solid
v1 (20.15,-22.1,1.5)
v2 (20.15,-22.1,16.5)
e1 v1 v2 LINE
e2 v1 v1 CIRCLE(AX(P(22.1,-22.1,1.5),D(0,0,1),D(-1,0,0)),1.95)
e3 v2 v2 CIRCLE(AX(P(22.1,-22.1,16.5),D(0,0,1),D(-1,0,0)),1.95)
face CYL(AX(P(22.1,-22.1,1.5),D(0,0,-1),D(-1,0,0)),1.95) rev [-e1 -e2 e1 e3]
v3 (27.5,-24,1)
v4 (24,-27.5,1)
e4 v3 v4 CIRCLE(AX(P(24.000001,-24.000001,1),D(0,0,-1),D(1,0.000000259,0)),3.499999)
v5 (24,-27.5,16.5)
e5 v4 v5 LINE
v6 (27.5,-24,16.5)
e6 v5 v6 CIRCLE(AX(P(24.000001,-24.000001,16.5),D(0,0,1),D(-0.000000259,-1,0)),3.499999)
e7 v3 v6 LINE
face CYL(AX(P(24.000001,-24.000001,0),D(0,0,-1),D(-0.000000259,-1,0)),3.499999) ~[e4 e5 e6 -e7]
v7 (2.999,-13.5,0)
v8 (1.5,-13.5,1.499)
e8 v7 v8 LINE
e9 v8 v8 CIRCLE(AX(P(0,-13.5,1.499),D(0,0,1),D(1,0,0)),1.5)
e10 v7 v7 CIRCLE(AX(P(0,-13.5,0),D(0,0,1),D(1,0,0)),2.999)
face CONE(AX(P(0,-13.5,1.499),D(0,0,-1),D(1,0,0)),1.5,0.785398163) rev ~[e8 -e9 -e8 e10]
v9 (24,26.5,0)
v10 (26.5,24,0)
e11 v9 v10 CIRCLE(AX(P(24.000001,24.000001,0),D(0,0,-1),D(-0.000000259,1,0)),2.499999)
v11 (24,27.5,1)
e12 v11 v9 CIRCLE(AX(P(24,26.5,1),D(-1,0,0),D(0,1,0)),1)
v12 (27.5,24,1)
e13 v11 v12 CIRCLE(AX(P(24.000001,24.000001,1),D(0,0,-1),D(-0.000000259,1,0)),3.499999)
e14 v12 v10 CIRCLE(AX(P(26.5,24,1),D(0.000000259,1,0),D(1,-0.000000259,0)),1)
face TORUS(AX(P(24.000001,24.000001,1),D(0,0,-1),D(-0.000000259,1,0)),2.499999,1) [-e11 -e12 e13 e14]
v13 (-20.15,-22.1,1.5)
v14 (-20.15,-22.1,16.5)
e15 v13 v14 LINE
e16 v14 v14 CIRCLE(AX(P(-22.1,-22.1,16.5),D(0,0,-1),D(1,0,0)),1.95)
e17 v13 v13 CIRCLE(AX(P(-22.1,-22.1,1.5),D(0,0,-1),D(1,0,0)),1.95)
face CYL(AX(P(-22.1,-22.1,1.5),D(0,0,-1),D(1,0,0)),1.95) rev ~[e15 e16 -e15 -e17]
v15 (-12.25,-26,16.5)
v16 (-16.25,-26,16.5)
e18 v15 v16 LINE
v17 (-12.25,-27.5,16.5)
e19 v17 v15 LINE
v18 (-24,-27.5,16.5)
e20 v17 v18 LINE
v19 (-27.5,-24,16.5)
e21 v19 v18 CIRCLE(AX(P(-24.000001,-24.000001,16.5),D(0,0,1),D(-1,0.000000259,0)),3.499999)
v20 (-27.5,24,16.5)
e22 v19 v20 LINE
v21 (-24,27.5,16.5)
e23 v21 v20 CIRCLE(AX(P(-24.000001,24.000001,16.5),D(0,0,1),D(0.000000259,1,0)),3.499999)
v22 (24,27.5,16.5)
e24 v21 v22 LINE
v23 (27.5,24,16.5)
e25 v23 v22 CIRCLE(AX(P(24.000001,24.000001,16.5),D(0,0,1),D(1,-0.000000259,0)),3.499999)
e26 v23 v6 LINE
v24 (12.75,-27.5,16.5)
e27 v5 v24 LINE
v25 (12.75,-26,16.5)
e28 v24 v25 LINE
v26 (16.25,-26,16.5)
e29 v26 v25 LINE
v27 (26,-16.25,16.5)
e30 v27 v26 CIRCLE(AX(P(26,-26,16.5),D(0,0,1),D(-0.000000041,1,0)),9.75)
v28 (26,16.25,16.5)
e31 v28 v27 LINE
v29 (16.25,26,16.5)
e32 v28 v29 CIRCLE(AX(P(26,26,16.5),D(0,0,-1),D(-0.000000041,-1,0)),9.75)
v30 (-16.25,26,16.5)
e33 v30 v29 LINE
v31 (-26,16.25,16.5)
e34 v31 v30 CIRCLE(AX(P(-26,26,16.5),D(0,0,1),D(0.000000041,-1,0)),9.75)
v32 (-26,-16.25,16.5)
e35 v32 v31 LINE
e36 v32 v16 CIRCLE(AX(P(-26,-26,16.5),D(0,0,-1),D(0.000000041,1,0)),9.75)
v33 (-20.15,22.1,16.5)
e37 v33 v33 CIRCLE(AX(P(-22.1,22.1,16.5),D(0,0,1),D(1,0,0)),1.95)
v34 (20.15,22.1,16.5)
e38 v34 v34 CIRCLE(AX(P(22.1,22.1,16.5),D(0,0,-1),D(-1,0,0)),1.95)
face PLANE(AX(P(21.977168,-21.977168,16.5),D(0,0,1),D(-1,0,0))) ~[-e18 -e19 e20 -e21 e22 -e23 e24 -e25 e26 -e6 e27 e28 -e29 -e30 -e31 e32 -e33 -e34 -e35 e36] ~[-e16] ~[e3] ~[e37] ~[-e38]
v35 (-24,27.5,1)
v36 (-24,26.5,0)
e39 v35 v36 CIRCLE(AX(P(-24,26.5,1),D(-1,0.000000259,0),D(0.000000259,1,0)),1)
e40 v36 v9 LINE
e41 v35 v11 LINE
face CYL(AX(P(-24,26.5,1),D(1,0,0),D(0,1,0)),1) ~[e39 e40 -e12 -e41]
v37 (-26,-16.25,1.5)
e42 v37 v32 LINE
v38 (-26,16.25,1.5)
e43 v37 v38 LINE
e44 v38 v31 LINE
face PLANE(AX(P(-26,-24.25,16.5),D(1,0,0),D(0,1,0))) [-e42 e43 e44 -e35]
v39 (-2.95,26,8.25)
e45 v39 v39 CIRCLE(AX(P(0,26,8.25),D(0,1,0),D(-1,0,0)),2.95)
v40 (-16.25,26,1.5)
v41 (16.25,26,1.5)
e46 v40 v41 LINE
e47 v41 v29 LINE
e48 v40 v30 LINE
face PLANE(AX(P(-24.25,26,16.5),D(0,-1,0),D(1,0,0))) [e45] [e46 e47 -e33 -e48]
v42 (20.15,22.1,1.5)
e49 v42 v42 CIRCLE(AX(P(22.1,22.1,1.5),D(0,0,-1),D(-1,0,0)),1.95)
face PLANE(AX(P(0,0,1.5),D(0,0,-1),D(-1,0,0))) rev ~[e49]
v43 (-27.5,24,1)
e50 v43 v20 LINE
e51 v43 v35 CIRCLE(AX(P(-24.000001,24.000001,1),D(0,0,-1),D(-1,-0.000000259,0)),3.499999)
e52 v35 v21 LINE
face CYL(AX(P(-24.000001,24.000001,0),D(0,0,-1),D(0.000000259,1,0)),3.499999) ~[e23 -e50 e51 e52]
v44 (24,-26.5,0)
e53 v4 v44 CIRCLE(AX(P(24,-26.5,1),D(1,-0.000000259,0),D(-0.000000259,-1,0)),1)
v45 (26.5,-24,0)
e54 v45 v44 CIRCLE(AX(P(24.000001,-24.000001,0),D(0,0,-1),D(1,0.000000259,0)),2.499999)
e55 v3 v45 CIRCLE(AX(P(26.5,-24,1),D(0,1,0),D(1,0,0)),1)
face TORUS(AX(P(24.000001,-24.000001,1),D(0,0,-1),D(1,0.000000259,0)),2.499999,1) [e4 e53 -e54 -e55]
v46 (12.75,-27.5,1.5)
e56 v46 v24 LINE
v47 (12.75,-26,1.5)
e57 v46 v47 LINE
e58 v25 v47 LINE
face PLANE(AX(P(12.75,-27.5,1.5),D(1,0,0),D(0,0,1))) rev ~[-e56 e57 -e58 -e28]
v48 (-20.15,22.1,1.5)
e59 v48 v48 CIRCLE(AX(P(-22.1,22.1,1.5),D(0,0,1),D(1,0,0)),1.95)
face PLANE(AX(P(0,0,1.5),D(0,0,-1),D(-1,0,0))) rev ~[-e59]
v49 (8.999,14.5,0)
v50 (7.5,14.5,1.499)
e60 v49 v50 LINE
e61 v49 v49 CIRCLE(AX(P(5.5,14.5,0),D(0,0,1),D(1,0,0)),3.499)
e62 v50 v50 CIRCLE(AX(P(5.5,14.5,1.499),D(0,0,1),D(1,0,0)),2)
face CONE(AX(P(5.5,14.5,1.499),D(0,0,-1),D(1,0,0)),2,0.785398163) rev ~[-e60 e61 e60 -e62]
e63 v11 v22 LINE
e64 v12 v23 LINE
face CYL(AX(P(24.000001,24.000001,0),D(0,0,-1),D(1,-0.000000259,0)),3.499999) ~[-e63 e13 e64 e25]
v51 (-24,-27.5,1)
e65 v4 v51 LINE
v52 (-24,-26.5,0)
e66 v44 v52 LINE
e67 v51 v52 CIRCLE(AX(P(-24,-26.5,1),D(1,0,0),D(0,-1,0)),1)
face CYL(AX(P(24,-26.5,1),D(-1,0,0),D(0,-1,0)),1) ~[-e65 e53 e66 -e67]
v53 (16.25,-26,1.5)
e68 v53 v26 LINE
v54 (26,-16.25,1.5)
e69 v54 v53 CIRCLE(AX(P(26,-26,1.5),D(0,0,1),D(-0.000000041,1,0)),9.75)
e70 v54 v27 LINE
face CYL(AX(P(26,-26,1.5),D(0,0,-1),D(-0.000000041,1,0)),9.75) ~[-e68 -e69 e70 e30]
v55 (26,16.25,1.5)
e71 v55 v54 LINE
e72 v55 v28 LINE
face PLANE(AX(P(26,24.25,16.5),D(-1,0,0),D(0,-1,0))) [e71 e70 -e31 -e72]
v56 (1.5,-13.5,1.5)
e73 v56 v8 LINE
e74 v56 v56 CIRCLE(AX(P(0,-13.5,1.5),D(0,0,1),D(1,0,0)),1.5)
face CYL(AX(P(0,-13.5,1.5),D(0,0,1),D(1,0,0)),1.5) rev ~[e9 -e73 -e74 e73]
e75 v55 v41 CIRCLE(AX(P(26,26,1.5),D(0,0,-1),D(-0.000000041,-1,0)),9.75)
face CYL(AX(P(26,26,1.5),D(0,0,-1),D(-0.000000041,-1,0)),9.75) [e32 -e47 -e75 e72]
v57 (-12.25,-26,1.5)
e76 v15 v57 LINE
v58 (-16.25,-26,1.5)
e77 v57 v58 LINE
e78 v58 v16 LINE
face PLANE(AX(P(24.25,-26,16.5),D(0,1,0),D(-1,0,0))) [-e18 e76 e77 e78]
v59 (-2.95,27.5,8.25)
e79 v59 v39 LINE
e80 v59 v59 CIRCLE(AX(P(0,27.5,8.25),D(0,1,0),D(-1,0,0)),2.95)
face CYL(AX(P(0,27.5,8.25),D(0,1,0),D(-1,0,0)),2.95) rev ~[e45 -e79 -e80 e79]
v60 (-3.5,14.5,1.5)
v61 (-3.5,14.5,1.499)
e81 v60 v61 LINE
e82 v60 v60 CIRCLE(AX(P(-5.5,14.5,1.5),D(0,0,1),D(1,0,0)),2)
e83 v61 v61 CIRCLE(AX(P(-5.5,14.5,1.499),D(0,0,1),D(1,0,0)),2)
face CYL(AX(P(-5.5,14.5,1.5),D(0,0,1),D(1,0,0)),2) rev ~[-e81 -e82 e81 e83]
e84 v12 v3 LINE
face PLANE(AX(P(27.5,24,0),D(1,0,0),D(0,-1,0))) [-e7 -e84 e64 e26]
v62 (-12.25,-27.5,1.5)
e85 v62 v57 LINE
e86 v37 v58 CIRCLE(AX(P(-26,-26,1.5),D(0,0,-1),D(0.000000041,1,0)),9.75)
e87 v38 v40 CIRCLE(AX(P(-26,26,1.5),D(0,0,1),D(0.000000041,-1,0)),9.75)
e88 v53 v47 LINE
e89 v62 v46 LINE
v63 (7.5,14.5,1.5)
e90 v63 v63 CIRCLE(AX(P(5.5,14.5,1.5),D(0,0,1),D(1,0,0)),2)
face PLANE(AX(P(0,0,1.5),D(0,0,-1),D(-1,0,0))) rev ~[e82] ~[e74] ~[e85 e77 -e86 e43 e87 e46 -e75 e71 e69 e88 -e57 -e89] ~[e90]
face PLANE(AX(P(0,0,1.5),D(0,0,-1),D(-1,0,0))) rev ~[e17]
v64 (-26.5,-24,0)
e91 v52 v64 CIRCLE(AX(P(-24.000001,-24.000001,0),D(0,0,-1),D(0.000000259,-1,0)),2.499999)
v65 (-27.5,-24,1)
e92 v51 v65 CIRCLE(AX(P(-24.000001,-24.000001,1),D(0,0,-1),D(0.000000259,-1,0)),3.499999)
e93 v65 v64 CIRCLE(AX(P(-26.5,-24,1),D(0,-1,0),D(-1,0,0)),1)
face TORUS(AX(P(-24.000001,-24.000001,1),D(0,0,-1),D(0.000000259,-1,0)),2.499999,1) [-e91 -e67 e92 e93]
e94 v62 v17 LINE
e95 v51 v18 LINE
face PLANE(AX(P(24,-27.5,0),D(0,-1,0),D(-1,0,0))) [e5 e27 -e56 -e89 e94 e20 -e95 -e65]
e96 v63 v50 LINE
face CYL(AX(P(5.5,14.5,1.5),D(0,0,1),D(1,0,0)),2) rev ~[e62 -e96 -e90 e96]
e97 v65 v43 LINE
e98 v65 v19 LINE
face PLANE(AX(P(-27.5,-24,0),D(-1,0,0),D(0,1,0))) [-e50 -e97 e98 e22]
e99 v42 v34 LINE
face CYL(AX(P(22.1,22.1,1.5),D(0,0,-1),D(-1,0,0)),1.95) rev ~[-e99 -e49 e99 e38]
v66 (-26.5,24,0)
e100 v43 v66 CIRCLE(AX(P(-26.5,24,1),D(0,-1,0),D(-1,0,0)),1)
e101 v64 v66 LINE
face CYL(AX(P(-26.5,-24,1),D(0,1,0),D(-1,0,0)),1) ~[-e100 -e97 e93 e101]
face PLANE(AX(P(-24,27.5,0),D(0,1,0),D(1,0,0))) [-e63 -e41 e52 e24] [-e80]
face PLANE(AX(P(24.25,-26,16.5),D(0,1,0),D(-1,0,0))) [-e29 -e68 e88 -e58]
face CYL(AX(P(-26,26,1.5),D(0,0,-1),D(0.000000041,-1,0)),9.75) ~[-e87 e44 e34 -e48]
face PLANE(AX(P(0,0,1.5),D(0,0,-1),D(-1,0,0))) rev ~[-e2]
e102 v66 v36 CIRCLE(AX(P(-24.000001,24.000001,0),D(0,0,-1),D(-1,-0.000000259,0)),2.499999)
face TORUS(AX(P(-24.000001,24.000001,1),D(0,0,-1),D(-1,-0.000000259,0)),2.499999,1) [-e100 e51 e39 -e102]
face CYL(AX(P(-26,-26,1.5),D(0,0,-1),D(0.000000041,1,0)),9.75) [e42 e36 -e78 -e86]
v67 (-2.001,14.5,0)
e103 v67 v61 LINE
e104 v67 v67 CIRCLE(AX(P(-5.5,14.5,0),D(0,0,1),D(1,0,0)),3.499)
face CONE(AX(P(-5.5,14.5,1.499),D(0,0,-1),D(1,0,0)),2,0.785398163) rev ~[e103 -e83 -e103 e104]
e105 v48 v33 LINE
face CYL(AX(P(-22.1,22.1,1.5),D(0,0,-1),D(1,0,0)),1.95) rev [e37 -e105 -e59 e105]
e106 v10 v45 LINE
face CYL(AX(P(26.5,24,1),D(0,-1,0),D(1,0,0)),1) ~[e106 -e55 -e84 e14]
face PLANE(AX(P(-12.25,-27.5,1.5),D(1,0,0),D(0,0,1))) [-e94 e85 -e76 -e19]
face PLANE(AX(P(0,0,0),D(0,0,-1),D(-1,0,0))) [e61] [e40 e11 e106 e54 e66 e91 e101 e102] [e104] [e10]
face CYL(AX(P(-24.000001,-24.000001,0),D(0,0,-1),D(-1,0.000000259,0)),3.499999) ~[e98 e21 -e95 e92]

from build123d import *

# Parameters (mm, degrees)
PAD_DEPTH               = 16.5
POCKET_DEPTH            = 15
SKETCH002_R             = 1.95
PAD001_DEPTH            = 15
SKETCH002_MIRRORED_2_R  = 1.95
PAD001_MIRRORED_2_DEPTH = 15
FILLET_R                = 1
SKETCH008_W             = 25
SKETCH008_H             = 15
POCKET003_DEPTH         = 5
SKETCH010_R             = 1.5
SKETCH010_R_2           = 2
POCKET004_DEPTH         = 5
SKETCH011_R             = 2.95
POCKET005_DEPTH         = 5
CHAMFER_SIZE            = 1.499


with BuildPart() as part:
    # Sketch → Pad (new body)
    with BuildSketch(Plane.XY):
        with BuildLine():
            Line((-24, 27.5), (24, 27.5))
            ThreePointArc((27.5, 24), (26.474874, 26.474874), (24, 27.5))
            Line((27.5, 24), (27.5, -24))
            ThreePointArc((24, -27.5), (26.474874, -26.474874), (27.5, -24))
            Line((24, -27.5), (-24, -27.5))
            ThreePointArc((-27.5, -24), (-26.474874, -26.474874), (-24, -27.5))
            Line((-27.5, -24), (-27.5, 24))
            ThreePointArc((-24, 27.5), (-26.474874, 26.474874), (-27.5, 24))
        make_face()
    extrude(amount=PAD_DEPTH)

    # Sketch001 (on Face10 of Pad) → Pocket (cut)
    with BuildSketch(Plane.XY.offset(16.5)):
        with BuildLine():
            Line((-24.25, 26), (24.25, 26))
            ThreePointArc((26, 24.25), (25.487437, 25.487437), (24.25, 26))
            Line((26, 24.25), (26, -24.25))
            ThreePointArc((24.25, -26), (25.487437, -25.487437), (26, -24.25))
            Line((24.25, -26), (-24.25, -26))
            ThreePointArc((-26, -24.25), (-25.487437, -25.487437), (-24.25, -26))
            Line((-26, -24.25), (-26, 24.25))
            ThreePointArc((-24.25, 26), (-25.487437, 25.487437), (-26, 24.25))
        make_face()
    extrude(amount=-POCKET_DEPTH, mode=Mode.SUBTRACT)

    # Sketch002 (on Face19 of Pocket) → Pad001 (join)
    with BuildSketch(Plane.XY.offset(1.5)):
        with BuildLine():
            Line((-26, 16.25), (-26, 26))
            Line((-26, 26), (-16.25, 26))
            ThreePointArc((-26, 16.25), (-19.105709, 19.105709), (-16.25, 26))
        make_face()
        with Locations((-22.1, 22.1)):
            Circle(SKETCH002_R, mode=Mode.SUBTRACT)
    pad001 = extrude(amount=PAD001_DEPTH)

    # Sketch002 Mirrored 2 → Pad001 Mirrored 2 (add)
    with BuildSketch(Plane(origin=(0, 0, 1.5), x_dir=(-1, 0, 0), z_dir=(0, 0, -1))):
        with BuildLine():
            Line((-26, 16.25), (-26, 26))
            Line((-26, 26), (-16.25, 26))
            ThreePointArc((-26, 16.25), (-19.105709, 19.105709), (-16.25, 26))
        make_face()
        with Locations((-22.1, 22.1)):
            Circle(SKETCH002_MIRRORED_2_R, mode=Mode.SUBTRACT)
    pad001_mirrored_2 = extrude(amount=-PAD001_MIRRORED_2_DEPTH)

    # Mirrored001: Pad001, Pad001 Mirrored 2 across Sketch002 H_Axis
    add(pad001.mirror(Plane(origin=(0, 0, 1.5), x_dir=(0, 0, 1), z_dir=(0, 1, 0))))
    add(pad001_mirrored_2.mirror(Plane(origin=(0, 0, 1.5), x_dir=(0, 0, 1), z_dir=(0, 1, 0))))

    # Fillet
    fillet_edges = [part.edges().sort_by_distance(p)[0] for p in [
        (-27.5, 0, 0),
        (-26.474874, 26.474874, 0),
        (0, 27.5, 0),
        (26.474874, 26.474874, 0),
        (27.5, 0, 0),
        (26.474874, -26.474874, 0),
        (0, -27.5, 0),
        (-26.474874, -26.474874, 0),
    ]]
    fillet(fillet_edges, radius=FILLET_R)

    # Sketch008 (on Face7 of Fillet) → Pocket003 (cut)
    with BuildSketch(Plane.XZ.offset(27.5)):
        with Locations((0.25, 9)):
            Rectangle(SKETCH008_W, SKETCH008_H)
    extrude(amount=-POCKET003_DEPTH, mode=Mode.SUBTRACT)

    # Sketch010 (on Face35 of Pocket003) → Pocket004 (cut)
    with BuildSketch(Plane.XY.offset(1.5)):
        with Locations((0, -13.5)):
            Circle(SKETCH010_R)
        with Locations((-5.5, 14.5)):
            Circle(SKETCH010_R_2)
        with Locations((5.5, 14.5)):
            Circle(SKETCH010_R_2)
    extrude(amount=-POCKET004_DEPTH, mode=Mode.SUBTRACT)

    # Sketch011 (on Face10 of Pocket004) → Pocket005 (cut)
    with BuildSketch(Plane(origin=(0, 27.5, 0), x_dir=(-1, 0, 0), z_dir=(0, 1, 0))):
        with Locations((0, 8.25)):
            Circle(SKETCH011_R)
    extrude(amount=-POCKET005_DEPTH, mode=Mode.SUBTRACT)

    # Chamfer
    chamfer_edges = [part.edges().sort_by_distance(p)[0] for p in [
        (3.5, 14.5, 0),
        (-7.5, 14.5, 0),
        (-1.5, -13.5, 0),
    ]]
    chamfer(chamfer_edges, length=CHAMFER_SIZE)


solid = part.part
